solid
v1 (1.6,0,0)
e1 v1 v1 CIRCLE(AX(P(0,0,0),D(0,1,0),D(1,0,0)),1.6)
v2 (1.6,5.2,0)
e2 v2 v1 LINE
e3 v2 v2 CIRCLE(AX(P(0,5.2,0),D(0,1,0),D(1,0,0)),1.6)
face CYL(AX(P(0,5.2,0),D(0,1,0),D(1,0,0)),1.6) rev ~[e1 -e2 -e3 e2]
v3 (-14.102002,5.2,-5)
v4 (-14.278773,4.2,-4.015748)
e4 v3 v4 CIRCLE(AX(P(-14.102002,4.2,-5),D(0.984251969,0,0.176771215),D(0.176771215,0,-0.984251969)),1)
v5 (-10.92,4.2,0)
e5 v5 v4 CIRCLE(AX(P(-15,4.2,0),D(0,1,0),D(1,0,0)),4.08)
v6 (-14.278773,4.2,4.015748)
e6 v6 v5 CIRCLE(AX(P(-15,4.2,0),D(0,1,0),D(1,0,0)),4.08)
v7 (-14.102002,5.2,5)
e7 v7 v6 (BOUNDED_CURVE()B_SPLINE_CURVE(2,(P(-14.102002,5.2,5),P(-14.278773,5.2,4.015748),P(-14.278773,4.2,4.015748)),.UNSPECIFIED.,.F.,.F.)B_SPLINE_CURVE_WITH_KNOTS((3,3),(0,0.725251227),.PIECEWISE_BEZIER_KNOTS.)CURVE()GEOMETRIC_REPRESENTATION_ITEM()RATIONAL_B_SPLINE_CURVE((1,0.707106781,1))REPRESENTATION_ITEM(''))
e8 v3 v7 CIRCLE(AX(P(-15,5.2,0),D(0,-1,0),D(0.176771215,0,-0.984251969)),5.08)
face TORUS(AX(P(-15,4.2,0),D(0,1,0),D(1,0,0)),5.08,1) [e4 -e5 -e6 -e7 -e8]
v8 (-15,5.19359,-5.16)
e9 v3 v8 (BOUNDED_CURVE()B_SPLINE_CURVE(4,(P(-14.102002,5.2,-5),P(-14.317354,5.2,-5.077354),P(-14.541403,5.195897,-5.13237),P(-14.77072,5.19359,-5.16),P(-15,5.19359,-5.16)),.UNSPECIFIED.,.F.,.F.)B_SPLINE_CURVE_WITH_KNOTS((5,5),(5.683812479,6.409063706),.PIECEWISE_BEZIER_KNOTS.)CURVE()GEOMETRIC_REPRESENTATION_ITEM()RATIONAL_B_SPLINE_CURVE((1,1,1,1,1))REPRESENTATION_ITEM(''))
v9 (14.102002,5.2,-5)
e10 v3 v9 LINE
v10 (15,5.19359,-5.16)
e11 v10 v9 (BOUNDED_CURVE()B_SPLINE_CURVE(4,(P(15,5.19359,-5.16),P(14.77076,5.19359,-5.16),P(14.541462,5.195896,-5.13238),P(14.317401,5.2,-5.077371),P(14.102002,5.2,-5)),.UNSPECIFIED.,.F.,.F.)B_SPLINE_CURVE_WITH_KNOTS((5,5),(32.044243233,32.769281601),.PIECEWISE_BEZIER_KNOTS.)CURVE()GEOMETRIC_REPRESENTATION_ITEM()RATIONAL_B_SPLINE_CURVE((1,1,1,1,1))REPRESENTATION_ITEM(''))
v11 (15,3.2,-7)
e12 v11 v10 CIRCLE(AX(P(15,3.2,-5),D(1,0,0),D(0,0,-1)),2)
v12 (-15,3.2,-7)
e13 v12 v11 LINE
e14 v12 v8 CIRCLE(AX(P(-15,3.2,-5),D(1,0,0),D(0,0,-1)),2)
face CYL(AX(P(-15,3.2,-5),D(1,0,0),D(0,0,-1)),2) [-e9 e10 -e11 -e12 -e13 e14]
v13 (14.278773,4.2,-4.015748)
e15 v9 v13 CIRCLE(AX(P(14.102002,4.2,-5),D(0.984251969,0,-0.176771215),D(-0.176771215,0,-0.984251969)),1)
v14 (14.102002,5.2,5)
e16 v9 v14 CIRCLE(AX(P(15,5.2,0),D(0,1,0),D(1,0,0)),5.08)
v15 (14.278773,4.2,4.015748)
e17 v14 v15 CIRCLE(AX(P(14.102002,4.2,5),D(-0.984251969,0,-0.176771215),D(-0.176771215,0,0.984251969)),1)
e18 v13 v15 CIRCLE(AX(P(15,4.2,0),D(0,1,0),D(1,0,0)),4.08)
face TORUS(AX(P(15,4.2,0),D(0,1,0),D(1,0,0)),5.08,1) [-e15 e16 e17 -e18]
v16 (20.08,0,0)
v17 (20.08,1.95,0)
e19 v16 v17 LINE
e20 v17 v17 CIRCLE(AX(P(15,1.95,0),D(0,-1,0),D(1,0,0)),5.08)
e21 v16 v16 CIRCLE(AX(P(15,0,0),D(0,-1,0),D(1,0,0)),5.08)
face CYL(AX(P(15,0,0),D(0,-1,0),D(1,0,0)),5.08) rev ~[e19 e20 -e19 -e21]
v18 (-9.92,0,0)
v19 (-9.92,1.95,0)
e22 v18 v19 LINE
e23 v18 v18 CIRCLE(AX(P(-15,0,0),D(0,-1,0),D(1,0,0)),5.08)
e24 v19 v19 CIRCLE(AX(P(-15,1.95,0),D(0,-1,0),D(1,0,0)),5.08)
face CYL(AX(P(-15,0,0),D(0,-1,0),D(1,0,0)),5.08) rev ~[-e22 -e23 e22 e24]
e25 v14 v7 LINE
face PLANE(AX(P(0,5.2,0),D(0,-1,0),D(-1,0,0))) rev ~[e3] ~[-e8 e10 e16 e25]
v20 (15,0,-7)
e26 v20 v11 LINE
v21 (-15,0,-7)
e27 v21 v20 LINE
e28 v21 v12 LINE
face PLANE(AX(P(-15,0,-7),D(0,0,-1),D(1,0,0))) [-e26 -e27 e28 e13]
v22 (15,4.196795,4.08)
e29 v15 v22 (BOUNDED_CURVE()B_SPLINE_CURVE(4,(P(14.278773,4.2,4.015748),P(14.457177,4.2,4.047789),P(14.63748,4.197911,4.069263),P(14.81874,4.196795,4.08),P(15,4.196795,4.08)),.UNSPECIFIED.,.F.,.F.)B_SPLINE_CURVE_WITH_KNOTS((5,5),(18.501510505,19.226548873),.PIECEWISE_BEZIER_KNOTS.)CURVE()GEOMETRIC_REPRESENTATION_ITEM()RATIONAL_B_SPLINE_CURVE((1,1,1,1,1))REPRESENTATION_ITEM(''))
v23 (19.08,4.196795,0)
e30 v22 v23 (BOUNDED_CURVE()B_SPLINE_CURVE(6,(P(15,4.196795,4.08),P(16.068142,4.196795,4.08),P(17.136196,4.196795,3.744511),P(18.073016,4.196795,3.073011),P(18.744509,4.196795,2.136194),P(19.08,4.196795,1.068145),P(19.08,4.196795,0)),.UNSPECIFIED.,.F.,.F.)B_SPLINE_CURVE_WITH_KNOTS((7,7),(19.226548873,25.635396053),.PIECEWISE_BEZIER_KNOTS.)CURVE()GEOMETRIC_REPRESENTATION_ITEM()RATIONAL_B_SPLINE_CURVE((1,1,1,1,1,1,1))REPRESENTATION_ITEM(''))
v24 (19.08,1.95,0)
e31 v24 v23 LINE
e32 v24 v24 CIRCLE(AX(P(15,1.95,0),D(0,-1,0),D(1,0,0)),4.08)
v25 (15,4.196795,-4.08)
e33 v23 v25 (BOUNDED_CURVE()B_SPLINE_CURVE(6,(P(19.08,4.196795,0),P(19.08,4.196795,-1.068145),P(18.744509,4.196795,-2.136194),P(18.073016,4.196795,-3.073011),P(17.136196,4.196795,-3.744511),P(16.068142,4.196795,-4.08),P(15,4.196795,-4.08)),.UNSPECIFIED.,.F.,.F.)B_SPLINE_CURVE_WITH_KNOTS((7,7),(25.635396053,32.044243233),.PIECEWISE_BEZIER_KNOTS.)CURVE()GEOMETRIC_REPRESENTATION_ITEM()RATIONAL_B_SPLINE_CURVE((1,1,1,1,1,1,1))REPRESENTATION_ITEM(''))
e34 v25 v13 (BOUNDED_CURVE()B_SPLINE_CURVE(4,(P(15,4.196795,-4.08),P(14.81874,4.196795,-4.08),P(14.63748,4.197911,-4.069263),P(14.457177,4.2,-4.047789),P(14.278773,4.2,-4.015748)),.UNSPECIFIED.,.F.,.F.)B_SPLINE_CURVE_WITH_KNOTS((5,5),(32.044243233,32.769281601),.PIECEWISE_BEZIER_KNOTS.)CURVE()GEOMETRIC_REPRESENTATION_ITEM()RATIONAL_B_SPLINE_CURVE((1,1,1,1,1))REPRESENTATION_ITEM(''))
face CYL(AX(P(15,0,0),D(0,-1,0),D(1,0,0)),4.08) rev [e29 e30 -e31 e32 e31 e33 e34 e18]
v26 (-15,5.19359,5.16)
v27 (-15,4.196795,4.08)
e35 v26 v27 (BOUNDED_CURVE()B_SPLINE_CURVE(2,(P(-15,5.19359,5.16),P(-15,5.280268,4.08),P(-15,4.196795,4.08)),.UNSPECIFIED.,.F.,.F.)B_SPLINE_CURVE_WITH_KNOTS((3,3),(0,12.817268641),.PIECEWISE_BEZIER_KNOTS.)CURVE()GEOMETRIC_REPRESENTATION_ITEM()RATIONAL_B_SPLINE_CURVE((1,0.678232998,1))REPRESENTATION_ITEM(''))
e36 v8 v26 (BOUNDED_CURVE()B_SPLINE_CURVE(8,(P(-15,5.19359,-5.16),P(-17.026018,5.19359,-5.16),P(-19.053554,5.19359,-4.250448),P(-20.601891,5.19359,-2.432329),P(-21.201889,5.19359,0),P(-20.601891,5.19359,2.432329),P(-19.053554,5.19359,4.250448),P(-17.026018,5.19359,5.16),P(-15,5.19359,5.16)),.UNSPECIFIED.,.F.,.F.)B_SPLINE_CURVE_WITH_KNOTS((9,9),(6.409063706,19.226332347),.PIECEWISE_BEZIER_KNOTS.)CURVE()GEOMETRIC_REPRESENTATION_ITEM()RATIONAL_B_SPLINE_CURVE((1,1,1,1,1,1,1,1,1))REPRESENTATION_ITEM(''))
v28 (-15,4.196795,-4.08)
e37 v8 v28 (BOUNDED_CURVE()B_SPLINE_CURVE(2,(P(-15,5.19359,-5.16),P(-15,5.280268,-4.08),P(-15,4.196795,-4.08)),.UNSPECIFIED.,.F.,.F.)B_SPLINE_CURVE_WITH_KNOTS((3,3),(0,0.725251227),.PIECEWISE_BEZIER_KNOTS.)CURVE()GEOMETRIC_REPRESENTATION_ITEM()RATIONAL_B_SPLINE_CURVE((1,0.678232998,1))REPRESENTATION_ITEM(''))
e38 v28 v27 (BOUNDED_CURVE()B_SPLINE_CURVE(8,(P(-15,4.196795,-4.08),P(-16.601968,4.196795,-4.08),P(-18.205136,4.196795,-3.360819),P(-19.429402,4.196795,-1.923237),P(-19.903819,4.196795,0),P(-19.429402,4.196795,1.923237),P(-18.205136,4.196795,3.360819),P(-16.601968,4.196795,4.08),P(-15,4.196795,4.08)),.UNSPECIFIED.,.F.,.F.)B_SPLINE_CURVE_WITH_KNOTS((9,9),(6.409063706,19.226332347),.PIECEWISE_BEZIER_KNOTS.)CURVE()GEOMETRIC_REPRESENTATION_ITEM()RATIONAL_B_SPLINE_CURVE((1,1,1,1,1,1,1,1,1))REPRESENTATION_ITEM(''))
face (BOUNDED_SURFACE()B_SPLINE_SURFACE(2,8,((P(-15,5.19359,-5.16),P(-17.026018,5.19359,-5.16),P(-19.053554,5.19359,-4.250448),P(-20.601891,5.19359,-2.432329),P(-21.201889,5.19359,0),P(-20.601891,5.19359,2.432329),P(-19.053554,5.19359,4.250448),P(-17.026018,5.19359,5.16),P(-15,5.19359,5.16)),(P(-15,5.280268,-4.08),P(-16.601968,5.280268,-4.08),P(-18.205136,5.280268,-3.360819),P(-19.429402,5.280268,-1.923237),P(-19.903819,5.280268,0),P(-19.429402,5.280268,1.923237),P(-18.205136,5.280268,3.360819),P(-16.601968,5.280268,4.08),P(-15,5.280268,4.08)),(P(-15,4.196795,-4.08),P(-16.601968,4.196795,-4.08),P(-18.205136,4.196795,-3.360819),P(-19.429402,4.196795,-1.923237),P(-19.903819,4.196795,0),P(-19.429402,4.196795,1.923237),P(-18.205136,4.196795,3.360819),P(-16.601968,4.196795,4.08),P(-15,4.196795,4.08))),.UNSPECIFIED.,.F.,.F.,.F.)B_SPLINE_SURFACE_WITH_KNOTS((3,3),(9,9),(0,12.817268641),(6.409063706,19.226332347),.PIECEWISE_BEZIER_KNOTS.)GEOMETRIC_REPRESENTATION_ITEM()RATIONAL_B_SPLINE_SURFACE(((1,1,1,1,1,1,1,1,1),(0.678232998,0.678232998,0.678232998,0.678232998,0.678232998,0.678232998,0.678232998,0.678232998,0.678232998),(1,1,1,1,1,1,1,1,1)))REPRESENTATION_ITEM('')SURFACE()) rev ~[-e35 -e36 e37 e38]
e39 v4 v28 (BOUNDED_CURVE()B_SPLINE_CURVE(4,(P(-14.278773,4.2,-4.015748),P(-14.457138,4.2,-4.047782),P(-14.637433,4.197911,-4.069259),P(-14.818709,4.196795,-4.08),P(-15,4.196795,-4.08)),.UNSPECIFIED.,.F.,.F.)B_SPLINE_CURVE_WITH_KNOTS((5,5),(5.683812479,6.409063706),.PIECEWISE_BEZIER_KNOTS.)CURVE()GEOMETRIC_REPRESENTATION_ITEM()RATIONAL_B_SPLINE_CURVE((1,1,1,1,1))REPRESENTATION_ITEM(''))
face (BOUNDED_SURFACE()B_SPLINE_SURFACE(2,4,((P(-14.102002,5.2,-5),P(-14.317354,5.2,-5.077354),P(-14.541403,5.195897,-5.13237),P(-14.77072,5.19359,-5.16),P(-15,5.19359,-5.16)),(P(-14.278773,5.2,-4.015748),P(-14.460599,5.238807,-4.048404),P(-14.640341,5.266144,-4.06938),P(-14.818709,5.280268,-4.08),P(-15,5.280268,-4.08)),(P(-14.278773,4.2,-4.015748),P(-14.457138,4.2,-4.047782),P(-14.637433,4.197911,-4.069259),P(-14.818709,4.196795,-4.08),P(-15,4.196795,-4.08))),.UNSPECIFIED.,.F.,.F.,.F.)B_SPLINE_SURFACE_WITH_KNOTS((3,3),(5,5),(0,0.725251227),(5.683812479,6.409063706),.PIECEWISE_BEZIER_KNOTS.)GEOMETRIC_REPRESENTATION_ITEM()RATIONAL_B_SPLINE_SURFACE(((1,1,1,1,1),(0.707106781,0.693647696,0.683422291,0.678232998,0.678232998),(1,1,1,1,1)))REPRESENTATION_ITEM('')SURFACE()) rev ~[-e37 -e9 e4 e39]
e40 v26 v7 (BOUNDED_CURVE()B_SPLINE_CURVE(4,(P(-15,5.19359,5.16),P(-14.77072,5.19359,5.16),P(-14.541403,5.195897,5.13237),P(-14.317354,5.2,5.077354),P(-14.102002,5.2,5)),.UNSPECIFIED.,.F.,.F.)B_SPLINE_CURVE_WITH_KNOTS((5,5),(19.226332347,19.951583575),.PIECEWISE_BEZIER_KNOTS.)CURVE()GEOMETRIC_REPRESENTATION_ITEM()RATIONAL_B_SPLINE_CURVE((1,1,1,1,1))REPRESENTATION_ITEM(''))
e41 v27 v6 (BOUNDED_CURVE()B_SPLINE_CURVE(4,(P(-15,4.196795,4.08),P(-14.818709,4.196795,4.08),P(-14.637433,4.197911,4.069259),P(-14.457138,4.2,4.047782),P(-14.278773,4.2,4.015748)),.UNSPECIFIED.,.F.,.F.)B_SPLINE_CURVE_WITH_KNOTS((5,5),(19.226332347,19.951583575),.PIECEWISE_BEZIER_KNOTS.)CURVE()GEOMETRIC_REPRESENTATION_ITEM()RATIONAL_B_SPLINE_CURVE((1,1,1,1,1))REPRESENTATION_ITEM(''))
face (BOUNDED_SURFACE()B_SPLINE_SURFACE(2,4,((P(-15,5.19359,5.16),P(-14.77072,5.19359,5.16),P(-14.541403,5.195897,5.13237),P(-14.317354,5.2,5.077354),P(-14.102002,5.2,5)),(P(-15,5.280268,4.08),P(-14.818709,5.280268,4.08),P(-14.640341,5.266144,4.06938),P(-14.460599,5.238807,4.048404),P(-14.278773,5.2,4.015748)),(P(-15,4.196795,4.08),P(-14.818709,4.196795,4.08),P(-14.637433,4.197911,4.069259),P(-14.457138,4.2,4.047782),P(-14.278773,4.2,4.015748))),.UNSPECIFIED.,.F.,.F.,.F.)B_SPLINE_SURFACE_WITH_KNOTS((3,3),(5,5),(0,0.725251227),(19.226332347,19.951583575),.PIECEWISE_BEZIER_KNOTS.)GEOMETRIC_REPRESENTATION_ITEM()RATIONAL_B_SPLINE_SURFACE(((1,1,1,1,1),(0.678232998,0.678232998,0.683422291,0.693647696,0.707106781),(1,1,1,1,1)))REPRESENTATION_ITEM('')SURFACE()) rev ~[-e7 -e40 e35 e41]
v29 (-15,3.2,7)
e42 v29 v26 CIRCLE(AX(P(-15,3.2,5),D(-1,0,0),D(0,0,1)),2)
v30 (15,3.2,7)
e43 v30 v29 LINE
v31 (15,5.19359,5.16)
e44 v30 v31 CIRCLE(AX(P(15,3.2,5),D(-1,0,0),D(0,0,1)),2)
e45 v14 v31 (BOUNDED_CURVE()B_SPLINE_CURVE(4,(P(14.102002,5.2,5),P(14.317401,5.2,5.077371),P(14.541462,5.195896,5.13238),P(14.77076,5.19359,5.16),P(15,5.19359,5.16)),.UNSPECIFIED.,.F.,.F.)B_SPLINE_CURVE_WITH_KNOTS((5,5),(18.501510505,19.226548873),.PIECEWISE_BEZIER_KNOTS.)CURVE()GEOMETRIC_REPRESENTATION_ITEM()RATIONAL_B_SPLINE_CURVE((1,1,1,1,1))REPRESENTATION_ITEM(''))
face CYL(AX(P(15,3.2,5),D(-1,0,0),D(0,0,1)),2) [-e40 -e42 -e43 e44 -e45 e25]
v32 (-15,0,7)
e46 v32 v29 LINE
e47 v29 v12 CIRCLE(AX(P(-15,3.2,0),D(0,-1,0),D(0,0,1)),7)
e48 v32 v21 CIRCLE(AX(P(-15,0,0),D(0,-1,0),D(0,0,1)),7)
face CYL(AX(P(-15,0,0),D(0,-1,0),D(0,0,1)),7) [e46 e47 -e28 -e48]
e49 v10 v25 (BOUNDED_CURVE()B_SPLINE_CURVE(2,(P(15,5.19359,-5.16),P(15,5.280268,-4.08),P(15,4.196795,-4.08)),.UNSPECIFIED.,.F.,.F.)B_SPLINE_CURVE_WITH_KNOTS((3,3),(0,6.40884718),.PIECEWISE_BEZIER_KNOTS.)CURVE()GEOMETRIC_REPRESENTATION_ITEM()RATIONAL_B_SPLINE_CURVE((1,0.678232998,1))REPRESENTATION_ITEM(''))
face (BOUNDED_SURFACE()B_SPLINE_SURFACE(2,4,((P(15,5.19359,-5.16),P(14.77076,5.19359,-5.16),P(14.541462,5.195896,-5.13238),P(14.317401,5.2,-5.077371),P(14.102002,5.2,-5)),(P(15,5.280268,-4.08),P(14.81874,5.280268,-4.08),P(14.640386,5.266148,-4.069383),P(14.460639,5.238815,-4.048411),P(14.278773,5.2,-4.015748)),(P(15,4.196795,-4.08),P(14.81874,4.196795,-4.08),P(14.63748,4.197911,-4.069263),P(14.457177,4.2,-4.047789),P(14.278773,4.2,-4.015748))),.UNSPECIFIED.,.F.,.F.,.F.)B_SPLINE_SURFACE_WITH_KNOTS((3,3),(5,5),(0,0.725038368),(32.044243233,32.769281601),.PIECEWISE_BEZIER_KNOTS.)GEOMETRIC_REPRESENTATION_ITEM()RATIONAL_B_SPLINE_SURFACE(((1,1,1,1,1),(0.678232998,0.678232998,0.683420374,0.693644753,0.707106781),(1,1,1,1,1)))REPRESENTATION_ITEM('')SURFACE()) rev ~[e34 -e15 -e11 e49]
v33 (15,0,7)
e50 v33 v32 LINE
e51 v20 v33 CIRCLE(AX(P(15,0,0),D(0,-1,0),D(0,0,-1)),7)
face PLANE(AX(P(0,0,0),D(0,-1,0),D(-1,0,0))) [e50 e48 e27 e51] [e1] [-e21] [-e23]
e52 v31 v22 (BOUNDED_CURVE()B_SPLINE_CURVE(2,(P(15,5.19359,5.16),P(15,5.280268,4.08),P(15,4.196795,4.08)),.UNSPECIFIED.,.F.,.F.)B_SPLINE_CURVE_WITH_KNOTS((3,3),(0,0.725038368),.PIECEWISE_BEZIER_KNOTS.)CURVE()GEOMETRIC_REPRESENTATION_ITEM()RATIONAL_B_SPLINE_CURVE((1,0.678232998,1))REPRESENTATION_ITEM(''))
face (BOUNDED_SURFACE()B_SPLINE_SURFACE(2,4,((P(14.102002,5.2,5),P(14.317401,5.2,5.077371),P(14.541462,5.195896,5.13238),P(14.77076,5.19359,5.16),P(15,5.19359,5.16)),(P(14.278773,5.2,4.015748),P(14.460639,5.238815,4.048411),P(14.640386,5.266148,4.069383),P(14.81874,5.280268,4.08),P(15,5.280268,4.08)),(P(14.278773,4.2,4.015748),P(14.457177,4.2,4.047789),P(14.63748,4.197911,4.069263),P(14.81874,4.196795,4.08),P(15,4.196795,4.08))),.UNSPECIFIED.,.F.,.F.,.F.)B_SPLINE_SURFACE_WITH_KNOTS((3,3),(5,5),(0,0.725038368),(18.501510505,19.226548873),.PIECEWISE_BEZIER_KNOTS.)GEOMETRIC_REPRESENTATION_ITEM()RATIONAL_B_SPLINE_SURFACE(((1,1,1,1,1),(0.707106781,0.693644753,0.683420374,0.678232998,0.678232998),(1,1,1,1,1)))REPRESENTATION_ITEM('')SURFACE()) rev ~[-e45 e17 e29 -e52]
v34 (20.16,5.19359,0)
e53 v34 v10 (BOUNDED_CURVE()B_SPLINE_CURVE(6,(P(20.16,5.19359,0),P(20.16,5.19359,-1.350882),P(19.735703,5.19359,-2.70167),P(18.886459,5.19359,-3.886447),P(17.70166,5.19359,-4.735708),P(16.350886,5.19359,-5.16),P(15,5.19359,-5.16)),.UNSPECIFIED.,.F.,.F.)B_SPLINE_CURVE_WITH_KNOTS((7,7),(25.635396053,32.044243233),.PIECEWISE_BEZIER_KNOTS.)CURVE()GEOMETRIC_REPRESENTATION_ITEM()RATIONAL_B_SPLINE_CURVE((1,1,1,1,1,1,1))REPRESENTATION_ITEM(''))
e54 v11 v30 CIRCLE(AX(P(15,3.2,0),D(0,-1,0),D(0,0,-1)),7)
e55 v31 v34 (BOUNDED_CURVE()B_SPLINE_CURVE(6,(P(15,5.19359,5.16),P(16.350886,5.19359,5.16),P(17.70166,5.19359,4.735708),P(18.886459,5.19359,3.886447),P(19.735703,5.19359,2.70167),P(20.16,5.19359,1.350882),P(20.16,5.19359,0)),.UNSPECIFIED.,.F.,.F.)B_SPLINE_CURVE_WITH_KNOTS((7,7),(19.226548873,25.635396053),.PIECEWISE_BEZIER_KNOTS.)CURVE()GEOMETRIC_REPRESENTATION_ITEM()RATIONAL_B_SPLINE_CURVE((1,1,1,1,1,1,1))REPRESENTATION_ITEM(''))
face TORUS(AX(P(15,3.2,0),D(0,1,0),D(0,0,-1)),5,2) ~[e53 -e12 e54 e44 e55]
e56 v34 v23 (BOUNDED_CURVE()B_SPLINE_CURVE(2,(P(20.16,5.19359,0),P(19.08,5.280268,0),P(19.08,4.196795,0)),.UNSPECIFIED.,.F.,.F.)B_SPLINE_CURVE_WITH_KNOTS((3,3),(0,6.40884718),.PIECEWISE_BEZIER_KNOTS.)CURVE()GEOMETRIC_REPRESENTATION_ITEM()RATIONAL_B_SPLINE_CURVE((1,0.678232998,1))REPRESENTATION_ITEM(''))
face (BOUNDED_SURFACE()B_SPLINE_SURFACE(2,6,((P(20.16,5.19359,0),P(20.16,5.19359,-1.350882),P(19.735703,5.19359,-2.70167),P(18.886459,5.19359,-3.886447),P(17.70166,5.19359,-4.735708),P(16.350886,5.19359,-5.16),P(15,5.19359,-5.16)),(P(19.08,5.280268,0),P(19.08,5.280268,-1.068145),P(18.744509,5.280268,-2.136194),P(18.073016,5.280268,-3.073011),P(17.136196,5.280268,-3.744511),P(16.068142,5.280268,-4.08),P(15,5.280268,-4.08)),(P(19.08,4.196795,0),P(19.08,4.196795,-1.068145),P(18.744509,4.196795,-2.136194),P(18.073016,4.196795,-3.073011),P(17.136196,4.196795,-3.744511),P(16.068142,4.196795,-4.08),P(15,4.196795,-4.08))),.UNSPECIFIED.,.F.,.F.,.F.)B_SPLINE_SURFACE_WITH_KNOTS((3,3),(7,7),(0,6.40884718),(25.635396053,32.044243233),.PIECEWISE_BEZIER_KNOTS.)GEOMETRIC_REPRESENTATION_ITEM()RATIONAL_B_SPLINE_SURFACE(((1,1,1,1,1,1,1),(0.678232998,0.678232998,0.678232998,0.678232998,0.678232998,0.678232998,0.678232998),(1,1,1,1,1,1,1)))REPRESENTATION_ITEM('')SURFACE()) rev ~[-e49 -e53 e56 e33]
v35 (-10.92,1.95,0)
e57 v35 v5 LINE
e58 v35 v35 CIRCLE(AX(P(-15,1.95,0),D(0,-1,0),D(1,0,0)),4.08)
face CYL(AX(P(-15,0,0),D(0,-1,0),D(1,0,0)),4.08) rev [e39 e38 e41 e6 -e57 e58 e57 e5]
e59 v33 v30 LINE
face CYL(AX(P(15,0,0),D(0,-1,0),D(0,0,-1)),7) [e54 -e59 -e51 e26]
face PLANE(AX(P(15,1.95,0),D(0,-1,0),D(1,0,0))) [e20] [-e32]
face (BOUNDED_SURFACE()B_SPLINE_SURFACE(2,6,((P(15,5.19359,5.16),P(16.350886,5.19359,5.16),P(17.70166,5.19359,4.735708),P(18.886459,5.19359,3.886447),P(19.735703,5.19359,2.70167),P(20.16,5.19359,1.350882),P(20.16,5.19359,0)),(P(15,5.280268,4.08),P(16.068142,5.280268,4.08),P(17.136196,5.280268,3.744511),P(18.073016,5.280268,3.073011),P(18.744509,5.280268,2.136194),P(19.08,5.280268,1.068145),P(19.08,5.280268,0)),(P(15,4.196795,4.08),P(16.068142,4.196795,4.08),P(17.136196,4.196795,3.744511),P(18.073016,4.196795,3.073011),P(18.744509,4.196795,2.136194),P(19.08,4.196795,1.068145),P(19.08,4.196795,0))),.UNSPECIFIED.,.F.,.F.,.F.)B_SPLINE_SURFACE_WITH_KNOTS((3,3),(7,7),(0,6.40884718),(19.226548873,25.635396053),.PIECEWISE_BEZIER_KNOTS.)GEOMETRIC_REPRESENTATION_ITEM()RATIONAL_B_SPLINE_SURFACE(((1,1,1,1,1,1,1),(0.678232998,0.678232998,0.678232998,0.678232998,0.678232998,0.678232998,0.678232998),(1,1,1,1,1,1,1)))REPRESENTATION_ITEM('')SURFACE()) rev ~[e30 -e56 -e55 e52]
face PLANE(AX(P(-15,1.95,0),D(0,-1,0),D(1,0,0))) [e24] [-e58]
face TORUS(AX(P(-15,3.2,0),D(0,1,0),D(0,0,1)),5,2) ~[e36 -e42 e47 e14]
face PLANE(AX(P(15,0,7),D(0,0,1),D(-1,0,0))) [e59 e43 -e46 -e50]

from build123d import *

# Parameters (mm, degrees)
SKETCH1_R           = 4.08
BOSS_EXTRUDE1_DEPTH = 5.2
SKETCH2_R           = 1.6
CUT_EXTRUDE1_DEPTH  = 5.2
SKETCH3_R           = 5.08
CUT_EXTRUDE2_DEPTH  = 1.95
FILLET1_R           = 2
FILLET2_R           = 1


with BuildPart() as part:
    # Sketch1 → Boss-Extrude1 (new body)
    with BuildSketch(Plane(origin=(0, 0, 0), x_dir=(1, 0, 0), z_dir=(0, 1, 0))):
        with BuildLine():
            Line((-15, 7), (15, 7))
            ThreePointArc((15, 7), (22, 0), (15, -7))
            Line((15, -7), (-15, -7))
            ThreePointArc((-15, -7), (-22, 0), (-15, 7))
        make_face()
        with Locations((-15, 0)):
            Circle(SKETCH1_R, mode=Mode.SUBTRACT)
        with Locations((15, 0)):
            Circle(SKETCH1_R, mode=Mode.SUBTRACT)
    extrude(amount=BOSS_EXTRUDE1_DEPTH)

    # Sketch2 → Cut-Extrude1 (cut)
    with BuildSketch(Plane(origin=(0, 5.2, 0), x_dir=(1, 0, 0), z_dir=(0, 1, 0))):
        Circle(SKETCH2_R)
    extrude(amount=-CUT_EXTRUDE1_DEPTH, mode=Mode.SUBTRACT)

    # Sketch3 → Cut-Extrude2 (cut)
    with BuildSketch(Plane.XZ):
        with Locations((-15, 0)):
            Circle(SKETCH3_R)
        with Locations((15, 0)):
            Circle(SKETCH3_R)
    extrude(amount=-CUT_EXTRUDE2_DEPTH, mode=Mode.SUBTRACT)

    # Fillet1
    fillet1_edges = [part.edges().sort_by_distance(p)[0] for p in [
        (22, 5.2, 0),
        (0, 5.2, -7),
        (-22, 5.2, 0),
        (0, 5.2, 7),
    ]]
    fillet(fillet1_edges, radius=FILLET1_R)

    # Fillet2
    fillet2_edges = [part.edges().sort_by_distance(p)[0] for p in [
        (10.92, 5.2, 0),
        (-19.08, 5.2, 0),
    ]]
    fillet(fillet2_edges, radius=FILLET2_R)


solid = part.part
